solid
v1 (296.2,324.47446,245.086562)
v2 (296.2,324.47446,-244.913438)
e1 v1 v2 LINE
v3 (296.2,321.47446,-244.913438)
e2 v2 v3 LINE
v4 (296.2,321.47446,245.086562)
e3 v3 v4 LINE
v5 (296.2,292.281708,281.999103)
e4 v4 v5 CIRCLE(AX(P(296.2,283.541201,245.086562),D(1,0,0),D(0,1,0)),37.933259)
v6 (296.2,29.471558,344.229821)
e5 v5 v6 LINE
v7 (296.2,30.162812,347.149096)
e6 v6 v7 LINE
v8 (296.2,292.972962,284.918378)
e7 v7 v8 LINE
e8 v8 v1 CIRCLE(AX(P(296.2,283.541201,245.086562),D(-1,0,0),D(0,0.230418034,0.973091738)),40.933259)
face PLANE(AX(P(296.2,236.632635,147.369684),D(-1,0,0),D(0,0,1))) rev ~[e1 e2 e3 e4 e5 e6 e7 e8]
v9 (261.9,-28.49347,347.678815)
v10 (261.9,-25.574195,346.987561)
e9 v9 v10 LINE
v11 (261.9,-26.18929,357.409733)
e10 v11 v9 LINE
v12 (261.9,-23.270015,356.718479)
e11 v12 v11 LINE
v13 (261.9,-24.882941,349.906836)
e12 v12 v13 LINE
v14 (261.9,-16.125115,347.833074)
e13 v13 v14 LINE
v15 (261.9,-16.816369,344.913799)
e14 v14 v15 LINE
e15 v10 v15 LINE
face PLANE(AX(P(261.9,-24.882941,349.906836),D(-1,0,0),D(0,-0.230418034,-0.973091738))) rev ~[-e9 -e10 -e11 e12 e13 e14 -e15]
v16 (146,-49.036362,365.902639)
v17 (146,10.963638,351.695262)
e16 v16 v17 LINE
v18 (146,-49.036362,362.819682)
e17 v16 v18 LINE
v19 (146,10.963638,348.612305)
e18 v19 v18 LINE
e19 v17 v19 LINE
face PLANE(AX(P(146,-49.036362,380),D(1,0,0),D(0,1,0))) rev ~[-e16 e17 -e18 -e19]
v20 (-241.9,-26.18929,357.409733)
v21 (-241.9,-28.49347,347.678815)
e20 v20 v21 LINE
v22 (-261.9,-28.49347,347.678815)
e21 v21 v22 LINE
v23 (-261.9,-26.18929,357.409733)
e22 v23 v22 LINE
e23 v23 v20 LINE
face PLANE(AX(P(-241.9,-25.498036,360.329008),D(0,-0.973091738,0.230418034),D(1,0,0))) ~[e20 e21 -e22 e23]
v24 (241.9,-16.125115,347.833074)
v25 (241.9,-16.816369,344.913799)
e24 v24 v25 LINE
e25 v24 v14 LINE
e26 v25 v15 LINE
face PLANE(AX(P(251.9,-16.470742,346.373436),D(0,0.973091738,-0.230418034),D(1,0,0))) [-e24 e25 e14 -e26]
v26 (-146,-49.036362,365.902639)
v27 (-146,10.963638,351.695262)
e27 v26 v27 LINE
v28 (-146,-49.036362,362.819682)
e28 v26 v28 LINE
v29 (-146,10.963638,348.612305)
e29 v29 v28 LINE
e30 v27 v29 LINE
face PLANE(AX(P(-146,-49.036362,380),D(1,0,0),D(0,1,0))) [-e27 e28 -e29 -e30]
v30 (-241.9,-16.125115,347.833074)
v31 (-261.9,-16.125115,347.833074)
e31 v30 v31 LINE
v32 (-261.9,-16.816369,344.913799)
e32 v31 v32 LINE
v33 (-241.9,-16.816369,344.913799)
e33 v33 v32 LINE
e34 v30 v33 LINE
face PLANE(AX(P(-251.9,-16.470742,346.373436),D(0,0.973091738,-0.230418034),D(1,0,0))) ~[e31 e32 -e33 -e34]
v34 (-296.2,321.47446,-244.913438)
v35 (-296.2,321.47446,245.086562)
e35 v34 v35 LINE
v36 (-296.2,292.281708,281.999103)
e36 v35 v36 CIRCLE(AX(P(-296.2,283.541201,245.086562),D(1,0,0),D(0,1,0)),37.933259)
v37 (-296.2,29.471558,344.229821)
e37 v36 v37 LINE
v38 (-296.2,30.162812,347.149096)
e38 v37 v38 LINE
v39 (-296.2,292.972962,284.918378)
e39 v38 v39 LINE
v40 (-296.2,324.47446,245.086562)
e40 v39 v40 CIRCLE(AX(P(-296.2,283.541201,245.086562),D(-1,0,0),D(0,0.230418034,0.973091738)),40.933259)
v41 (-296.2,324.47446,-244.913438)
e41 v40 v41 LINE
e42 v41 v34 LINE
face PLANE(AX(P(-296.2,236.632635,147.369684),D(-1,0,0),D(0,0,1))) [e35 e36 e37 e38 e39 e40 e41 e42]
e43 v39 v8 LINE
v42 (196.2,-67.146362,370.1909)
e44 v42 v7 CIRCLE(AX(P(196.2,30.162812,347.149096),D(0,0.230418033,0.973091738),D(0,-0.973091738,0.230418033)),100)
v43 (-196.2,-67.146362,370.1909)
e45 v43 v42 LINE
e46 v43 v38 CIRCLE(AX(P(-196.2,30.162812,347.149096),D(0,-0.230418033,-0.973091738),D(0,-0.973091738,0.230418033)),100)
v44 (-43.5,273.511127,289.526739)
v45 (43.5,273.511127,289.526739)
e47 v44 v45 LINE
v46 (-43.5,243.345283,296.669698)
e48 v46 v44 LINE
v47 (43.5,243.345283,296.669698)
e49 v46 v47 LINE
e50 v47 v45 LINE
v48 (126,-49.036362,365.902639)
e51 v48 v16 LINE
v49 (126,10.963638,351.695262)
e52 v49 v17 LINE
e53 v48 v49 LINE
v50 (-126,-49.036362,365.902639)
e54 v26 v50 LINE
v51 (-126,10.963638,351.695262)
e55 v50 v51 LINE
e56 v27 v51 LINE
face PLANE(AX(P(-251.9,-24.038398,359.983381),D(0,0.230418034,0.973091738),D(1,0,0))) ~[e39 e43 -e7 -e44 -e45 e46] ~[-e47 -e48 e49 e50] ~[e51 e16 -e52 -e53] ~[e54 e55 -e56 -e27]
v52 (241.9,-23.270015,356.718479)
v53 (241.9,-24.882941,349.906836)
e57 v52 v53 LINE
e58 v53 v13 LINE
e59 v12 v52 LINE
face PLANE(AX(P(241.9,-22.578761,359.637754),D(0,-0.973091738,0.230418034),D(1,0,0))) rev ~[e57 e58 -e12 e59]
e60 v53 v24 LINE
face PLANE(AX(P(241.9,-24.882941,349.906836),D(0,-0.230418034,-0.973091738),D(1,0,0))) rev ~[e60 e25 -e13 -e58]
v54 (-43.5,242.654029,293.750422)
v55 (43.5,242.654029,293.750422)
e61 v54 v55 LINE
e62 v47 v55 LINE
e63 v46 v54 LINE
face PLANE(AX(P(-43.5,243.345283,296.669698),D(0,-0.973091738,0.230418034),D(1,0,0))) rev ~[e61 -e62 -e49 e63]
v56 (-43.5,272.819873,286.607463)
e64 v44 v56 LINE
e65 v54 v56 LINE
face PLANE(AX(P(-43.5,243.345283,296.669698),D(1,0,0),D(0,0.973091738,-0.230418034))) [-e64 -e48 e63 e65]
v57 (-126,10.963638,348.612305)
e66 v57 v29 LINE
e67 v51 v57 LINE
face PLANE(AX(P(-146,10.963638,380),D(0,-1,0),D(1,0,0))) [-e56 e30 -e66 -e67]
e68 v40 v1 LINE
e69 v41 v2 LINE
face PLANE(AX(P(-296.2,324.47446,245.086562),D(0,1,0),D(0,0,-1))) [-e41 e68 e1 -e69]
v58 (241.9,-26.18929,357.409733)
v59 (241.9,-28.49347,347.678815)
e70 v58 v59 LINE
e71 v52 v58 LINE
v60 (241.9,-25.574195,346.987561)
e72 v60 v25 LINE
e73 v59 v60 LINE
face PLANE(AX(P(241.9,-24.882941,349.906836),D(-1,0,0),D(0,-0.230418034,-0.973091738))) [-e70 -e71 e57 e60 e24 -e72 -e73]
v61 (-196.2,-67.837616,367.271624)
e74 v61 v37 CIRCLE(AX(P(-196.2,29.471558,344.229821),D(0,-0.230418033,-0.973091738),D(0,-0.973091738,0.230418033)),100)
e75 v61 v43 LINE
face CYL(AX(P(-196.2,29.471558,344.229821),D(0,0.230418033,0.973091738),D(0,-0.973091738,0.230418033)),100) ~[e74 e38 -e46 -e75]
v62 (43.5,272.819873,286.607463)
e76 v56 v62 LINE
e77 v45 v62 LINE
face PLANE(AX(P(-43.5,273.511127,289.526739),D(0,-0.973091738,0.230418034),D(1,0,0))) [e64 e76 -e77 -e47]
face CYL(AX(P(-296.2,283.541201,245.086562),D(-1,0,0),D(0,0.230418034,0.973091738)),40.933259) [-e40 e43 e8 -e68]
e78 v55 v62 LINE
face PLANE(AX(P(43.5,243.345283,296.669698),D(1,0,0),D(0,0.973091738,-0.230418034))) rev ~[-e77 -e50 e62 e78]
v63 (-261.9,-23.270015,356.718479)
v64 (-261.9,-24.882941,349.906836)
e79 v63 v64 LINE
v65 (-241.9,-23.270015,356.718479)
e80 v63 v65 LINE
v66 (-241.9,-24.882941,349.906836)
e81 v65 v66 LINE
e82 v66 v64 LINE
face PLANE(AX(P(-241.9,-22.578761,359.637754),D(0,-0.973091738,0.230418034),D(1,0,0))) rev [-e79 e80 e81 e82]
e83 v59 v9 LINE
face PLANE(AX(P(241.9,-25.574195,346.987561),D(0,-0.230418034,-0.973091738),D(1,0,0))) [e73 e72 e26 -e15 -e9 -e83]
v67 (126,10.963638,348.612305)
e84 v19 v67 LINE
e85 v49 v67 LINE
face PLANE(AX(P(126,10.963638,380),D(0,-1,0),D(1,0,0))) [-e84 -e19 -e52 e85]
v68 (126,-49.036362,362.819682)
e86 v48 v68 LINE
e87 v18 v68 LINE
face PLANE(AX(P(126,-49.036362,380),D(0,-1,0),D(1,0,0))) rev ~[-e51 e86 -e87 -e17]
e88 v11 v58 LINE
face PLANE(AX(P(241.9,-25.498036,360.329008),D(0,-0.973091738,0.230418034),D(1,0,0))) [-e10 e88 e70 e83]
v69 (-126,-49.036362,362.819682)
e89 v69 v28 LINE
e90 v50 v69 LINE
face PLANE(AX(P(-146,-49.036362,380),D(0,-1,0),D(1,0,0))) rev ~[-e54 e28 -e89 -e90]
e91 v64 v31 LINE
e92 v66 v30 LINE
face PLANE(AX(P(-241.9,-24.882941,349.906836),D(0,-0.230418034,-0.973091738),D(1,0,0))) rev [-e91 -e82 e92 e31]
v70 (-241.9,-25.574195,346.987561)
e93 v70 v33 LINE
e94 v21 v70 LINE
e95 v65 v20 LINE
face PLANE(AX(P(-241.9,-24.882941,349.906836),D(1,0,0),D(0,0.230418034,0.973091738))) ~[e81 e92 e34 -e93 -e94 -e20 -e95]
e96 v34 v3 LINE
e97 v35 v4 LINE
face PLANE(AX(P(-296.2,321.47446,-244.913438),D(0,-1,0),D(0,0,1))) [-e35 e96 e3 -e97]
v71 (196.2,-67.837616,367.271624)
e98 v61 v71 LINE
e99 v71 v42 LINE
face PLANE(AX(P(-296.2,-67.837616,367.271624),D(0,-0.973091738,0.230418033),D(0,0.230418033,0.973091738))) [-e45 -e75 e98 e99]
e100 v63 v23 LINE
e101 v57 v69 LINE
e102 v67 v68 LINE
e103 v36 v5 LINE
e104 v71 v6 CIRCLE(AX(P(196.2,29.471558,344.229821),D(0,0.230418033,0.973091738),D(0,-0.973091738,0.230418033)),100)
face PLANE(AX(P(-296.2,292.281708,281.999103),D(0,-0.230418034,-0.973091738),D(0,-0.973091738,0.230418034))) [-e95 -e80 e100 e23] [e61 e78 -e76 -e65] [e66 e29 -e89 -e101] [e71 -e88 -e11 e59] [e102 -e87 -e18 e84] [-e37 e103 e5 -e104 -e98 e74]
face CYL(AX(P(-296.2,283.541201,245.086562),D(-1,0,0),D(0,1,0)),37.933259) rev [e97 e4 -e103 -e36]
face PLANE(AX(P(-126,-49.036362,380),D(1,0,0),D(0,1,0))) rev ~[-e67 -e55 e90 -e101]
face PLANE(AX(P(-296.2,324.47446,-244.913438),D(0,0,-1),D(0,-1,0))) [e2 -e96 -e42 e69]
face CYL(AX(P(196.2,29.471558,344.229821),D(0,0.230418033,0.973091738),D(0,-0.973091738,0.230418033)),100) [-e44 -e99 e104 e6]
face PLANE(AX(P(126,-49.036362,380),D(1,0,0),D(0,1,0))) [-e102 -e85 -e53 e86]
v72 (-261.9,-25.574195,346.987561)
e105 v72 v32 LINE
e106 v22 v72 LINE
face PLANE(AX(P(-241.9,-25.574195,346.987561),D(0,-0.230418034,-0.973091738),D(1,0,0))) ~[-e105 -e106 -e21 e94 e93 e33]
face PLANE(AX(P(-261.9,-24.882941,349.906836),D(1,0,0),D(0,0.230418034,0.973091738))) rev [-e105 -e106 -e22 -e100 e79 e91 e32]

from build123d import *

# Parameters (mm, degrees)
EXTRUDE_1_DEPTH      = 296.2
EXTRUDE_1_DEPTH_BACK = 296.2
CUT_EXTRUDE_1_REACH  = 765.895
SKETCH_3_W           = 20
SKETCH_3_H           = 60
FILLET_1_R           = 100
CUT_EXTRUDE_2_REACH  = 698.157
SKETCH_10_W          = 87
SKETCH_10_H          = 31
SKETCH_11_W          = 20
SKETCH_11_H          = 3
EXTRUDE_2_DEPTH      = 13
SKETCH_12_W          = 20
SKETCH_12_H          = 3
EXTRUDE_3_DEPTH      = 9


with BuildPart() as part:
    # 스케치2 → 보스-돌출1 (new, two sides: drawn at the far end of the back side and taken through both)
    with BuildSketch(Plane(origin=(0, 0, 0), x_dir=(0, 0, -1), z_dir=(1, 0, 0)).offset(-EXTRUDE_1_DEPTH_BACK)):
        with BuildLine():
            Line((-367.271624482, -67.837616249), (-370.190899695, -67.146362149))
            Line((-370.190899695, -67.146362149), (-284.918377839, 292.972961731))
            ThreePointArc((-284.918377839, 292.972961731), (-270.478085605, 315.647309269), (-245.086561619, 324.474459758))
            Line((-245.086561619, 324.474459758), (244.913438381, 324.474459758))
            Line((244.913438381, 324.474459758), (244.913438381, 321.474459758))
            Line((244.913438381, 321.474459758), (-245.086561619, 321.474459758))
            ThreePointArc((-245.086561619, 321.474459758), (-268.617139918, 313.294251439), (-281.999102626, 292.28170763))
            Line((-281.999102626, 292.28170763), (-367.271624482, -67.837616249))
        make_face()
    extrude(amount=EXTRUDE_1_DEPTH + EXTRUDE_1_DEPTH_BACK)

    # 컷-돌출1: up to this plane
    cut_extrude_1_end = Plane(origin=(-296.2, 78.747200123, 332.561859888), z_dir=(0, 0.23041803358111448, 0.9730917376078232))
    # 스케치3 → 컷-돌출1 (cut, up to the surface)
    with BuildSketch(Plane.XY.offset(380), mode=Mode.PRIVATE) as cut_extrude_1_sk1:
        with Locations((-136, -19.036362149)):
            Rectangle(SKETCH_3_W, SKETCH_3_H)
    cut_extrude_1_tool1 = split(extrude(cut_extrude_1_sk1.sketch, amount=-CUT_EXTRUDE_1_REACH, mode=Mode.PRIVATE), bisect_by=cut_extrude_1_end, keep=Keep.BOTH, mode=Mode.PRIVATE)
    add(cut_extrude_1_tool1.solids().sort_by_distance((-136, -19.036362, 380))[0], mode=Mode.SUBTRACT)
    # 스케치3 → 컷-돌출1 (cut, up to the surface)
    with BuildSketch(Plane.XY.offset(380), mode=Mode.PRIVATE) as cut_extrude_1_sk2:
        with Locations((136, -19.036362149)):
            Rectangle(SKETCH_3_W, SKETCH_3_H)
    cut_extrude_1_tool2 = split(extrude(cut_extrude_1_sk2.sketch, amount=-CUT_EXTRUDE_1_REACH, mode=Mode.PRIVATE), bisect_by=cut_extrude_1_end, keep=Keep.BOTH, mode=Mode.PRIVATE)
    add(cut_extrude_1_tool2.solids().sort_by_distance((136, -19.036362, 380))[0], mode=Mode.SUBTRACT)

    # 필렛1
    fillet_1_edges = [part.edges().sort_by_distance(p)[0] for p in [
        (296.2, -67.491989199, 368.731262089),
        (-296.2, -67.491989199, 368.731262089),
    ]]
    fillet(fillet_1_edges, radius=FILLET_1_R)

    # 스케치10 → 컷-돌출2 (cut, up to next)
    with BuildSketch(Plane(origin=(0, 79.438454224, 335.4811351), x_dir=(1, 0, 0), z_dir=(0, 0.23041803358111446, 0.9730917376078232)), mode=Mode.PRIVATE) as cut_extrude_2_sk1:
        with Locations((0, 183.93923605)):
            Rectangle(SKETCH_10_W, SKETCH_10_H)
    cut_extrude_2_tool1 = extrude(cut_extrude_2_sk1.sketch, amount=-CUT_EXTRUDE_2_REACH, mode=Mode.PRIVATE) & part.part
    add(cut_extrude_2_tool1.solids().sort_by_distance((0, 258.428205, 293.098218))[0], mode=Mode.SUBTRACT)

    # 스케치11 → 보스-돌출2 (add)
    with BuildSketch(Plane(origin=(0, 79.438454224, 335.4811351), x_dir=(1, 0, 0), z_dir=(0, 0.23041803358111446, 0.9730917376078232))):
        with Locations((251.9, -106.338229375)):
            Rectangle(SKETCH_11_W, SKETCH_11_H)
    extrude_2 = extrude(amount=-EXTRUDE_2_DEPTH)

    # 스케치12 → 보스-돌출3 (add)
    with BuildSketch(Plane(origin=(0, -102.01721479, 24.156618657), x_dir=(1, 0, 0), z_dir=(0, 0.9730917376078232, -0.23041803358111443))):
        with Locations((251.9, -333.257973102)):
            Rectangle(SKETCH_12_W, SKETCH_12_H)
    extrude_3 = extrude(amount=EXTRUDE_3_DEPTH)

    # 대칭 복사1: 보스-돌출2, 보스-돌출3 across plane
    add(extrude_2.mirror(Plane(origin=(0, 0, 0), x_dir=(0, 0, 1), z_dir=(1, 0, 0))))
    add(extrude_3.mirror(Plane(origin=(0, 0, 0), x_dir=(0, 0, 1), z_dir=(1, 0, 0))))


solid = part.part
